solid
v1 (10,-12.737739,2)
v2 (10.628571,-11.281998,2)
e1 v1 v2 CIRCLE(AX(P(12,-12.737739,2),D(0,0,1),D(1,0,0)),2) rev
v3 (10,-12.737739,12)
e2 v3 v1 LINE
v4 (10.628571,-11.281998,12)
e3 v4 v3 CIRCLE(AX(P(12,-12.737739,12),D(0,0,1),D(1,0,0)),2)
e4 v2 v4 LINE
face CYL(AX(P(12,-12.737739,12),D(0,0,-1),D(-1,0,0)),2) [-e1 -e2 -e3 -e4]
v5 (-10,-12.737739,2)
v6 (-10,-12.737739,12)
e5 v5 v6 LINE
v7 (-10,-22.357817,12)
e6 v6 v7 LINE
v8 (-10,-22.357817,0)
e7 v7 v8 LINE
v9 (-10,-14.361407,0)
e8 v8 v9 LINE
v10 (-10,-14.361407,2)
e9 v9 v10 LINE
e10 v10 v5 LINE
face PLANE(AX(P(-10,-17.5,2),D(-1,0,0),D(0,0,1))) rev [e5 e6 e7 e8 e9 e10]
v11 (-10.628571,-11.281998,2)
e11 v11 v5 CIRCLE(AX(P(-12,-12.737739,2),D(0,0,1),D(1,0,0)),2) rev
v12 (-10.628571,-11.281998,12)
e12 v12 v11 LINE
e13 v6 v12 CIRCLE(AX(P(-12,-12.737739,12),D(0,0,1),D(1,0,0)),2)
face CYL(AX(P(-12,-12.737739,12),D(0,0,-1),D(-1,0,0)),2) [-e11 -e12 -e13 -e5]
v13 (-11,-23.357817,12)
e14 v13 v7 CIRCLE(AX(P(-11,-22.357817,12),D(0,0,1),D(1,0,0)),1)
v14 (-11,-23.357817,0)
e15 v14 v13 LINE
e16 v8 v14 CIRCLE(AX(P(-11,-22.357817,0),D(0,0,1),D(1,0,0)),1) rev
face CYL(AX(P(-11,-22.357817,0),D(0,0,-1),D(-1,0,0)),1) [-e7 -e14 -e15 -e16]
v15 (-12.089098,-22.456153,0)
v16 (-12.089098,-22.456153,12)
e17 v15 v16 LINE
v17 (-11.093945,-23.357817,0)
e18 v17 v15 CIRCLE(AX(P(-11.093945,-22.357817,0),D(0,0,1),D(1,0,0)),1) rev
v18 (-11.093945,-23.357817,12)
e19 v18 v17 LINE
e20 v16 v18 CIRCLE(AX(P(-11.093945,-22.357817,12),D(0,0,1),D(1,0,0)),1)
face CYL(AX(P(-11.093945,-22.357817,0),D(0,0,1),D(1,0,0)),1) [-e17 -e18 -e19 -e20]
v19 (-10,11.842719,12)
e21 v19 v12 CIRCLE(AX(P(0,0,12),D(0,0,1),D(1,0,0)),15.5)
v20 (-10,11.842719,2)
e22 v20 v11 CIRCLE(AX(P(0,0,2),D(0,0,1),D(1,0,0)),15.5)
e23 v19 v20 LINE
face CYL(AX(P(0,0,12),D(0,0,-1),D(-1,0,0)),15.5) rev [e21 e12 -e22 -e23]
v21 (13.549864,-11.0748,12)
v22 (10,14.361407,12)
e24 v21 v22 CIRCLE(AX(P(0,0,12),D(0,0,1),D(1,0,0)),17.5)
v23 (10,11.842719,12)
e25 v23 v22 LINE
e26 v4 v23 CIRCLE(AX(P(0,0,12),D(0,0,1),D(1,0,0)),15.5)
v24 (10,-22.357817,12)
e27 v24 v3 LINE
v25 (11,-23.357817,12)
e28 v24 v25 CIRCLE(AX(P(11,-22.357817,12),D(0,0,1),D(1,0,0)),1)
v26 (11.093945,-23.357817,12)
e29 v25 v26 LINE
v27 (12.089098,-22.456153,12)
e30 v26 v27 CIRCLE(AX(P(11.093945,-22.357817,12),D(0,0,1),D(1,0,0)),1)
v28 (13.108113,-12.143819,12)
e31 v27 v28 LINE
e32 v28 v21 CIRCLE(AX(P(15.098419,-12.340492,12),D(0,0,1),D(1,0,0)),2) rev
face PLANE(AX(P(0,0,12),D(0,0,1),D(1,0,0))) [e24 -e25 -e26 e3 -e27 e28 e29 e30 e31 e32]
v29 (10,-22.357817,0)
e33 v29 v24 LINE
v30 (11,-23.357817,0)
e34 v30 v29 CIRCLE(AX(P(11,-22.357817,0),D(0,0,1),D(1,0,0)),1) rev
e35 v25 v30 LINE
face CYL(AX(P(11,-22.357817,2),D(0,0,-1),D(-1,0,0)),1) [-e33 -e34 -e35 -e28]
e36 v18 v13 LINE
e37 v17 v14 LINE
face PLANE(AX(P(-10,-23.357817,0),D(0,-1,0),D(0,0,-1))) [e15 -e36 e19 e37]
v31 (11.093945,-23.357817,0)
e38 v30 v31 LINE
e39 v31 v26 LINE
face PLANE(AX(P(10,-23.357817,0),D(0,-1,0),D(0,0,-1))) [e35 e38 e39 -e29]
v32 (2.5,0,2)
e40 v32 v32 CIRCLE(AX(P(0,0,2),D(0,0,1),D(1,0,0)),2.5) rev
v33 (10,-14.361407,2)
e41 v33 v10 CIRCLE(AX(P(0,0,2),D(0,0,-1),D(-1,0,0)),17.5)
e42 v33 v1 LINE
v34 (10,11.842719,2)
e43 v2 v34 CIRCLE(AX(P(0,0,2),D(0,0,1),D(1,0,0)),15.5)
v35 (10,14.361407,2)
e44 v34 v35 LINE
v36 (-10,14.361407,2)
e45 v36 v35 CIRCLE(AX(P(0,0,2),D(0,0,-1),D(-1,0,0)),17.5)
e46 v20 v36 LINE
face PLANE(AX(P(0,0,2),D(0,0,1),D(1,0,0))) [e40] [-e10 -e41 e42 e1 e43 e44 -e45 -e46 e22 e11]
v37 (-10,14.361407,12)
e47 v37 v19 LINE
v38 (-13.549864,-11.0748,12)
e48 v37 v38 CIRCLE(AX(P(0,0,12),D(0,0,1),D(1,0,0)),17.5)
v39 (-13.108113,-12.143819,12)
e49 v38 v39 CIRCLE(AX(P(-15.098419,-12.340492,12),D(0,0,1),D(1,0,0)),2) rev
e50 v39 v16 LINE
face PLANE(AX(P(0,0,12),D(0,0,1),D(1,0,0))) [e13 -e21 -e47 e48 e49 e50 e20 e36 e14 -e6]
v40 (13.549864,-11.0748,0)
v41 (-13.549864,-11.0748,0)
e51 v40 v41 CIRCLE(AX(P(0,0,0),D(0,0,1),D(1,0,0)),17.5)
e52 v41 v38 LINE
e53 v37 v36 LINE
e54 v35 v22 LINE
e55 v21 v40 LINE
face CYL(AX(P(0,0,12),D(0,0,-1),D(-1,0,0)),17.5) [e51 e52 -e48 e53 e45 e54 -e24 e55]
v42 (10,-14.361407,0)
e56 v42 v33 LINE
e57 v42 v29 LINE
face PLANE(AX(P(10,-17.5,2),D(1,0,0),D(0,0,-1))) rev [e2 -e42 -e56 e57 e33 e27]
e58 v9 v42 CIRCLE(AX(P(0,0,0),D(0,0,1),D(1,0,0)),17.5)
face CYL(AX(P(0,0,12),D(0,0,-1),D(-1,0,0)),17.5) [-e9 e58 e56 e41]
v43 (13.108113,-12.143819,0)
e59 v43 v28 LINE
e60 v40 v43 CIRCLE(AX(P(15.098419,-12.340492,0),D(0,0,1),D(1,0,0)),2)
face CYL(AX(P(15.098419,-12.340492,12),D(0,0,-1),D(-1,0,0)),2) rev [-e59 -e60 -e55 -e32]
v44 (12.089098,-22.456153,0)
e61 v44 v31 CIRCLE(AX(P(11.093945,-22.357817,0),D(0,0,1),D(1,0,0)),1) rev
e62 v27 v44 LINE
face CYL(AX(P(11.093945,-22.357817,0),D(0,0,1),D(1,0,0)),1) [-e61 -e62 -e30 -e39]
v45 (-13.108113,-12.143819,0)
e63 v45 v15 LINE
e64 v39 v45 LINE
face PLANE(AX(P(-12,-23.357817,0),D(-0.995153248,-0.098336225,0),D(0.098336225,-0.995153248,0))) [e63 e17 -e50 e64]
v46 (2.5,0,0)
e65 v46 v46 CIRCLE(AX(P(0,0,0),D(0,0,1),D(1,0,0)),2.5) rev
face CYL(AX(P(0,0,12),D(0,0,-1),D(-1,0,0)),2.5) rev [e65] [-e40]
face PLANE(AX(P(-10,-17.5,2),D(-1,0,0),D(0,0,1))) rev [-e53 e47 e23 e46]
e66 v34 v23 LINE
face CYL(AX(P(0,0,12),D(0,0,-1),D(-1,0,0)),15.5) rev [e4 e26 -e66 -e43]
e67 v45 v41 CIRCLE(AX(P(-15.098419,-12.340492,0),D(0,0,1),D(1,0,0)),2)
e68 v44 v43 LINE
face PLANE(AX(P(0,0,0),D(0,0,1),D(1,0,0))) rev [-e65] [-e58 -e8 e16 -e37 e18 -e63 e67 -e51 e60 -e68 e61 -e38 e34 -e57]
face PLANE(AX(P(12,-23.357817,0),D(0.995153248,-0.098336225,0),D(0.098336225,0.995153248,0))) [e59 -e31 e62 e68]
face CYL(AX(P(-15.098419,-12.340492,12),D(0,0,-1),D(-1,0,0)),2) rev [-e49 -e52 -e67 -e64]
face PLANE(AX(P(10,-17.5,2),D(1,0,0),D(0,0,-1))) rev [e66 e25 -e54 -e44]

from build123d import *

# Parameters (mm, degrees)
SKETCH1_R               = 17.5
BOSS_EXTRUDE1_DEPTH     = 12
SHELL4_T                = -2
CUT_EXTRUDE1_DEPTH      = 28.504545079
CUT_EXTRUDE1_DEPTH_BACK = 28.504545079
SKETCH3_R               = 2.5
CUT_EXTRUDE2_DEPTH      = 28.504545079
CUT_EXTRUDE2_DEPTH_BACK = 28.504545079
SKETCH4_W               = 20
SKETCH4_H               = 24.94066955
BOSS_EXTRUDE2_DEPTH     = 12
FILLET1_R               = 2
FILLET2_R               = 2
FILLET5_R               = 1


with BuildPart() as part:
    # Sketch1 → Boss-Extrude1 (new body)
    with BuildSketch(Plane.XY):
        Circle(SKETCH1_R)
    extrude(amount=BOSS_EXTRUDE1_DEPTH)

    # Shell4
    shell4_openings = [part.faces().sort_by_distance(p)[0] for p in [
        (0, 0, 12),
    ]]
    offset(amount=SHELL4_T, openings=shell4_openings, kind=Kind.INTERSECTION)

    # Sketch3 → Cut-Extrude1 (cut, two sides: drawn at the far end of the back side and taken through both)
    with BuildSketch(Plane.XY.offset(-CUT_EXTRUDE1_DEPTH_BACK)):
        Circle(SKETCH3_R)
    extrude(amount=CUT_EXTRUDE1_DEPTH + CUT_EXTRUDE1_DEPTH_BACK, mode=Mode.SUBTRACT)

    # Sketch4 → Cut-Extrude2 (cut, two sides: drawn at the far end of the back side and taken through both)
    with BuildSketch(Plane(origin=(0, 0, 0), x_dir=(1, 0, 0), z_dir=(0, 1, 0)).offset(-CUT_EXTRUDE2_DEPTH_BACK)):
        with Locations((0, -14.470334775)):
            Rectangle(SKETCH4_W, SKETCH4_H)
    extrude(amount=CUT_EXTRUDE2_DEPTH + CUT_EXTRUDE2_DEPTH_BACK, mode=Mode.SUBTRACT)

    # Sketch7 → Boss-Extrude2 (add)
    with BuildSketch(Plane.XY.offset(12)):
        Polygon((-10, -14.361406616), (-10, -23.35781655), (-12, -23.35781655), (-13.169286174, -11.524751697), align=None)
        Polygon((10, -14.361406616), (10, -23.35781655), (12, -23.35781655), (13.169286174, -11.524751697), align=None)
    extrude(amount=-BOSS_EXTRUDE2_DEPTH)

    # Fillet1
    fillet1_edges = [part.edges().sort_by_distance(p)[0] for p in [
        (-10, -11.842719282, 7),
        (10, -11.842719282, 7),
    ]]
    fillet(fillet1_edges, radius=FILLET1_R)

    # Fillet2
    fillet2_edges = [part.edges().sort_by_distance(p)[0] for p in [
        (-13.169286174, -11.524751697, 6),
        (13.169286174, -11.524751697, 6),
    ]]
    fillet(fillet2_edges, radius=FILLET2_R)

    # Fillet5
    fillet5_edges = [part.edges().sort_by_distance(p)[0] for p in [
        (-10, -23.35781655, 6),
        (-12, -23.35781655, 6),
        (12, -23.35781655, 6),
        (10, -23.35781655, 6),
    ]]
    fillet(fillet5_edges, radius=FILLET5_R)


solid = part.part
